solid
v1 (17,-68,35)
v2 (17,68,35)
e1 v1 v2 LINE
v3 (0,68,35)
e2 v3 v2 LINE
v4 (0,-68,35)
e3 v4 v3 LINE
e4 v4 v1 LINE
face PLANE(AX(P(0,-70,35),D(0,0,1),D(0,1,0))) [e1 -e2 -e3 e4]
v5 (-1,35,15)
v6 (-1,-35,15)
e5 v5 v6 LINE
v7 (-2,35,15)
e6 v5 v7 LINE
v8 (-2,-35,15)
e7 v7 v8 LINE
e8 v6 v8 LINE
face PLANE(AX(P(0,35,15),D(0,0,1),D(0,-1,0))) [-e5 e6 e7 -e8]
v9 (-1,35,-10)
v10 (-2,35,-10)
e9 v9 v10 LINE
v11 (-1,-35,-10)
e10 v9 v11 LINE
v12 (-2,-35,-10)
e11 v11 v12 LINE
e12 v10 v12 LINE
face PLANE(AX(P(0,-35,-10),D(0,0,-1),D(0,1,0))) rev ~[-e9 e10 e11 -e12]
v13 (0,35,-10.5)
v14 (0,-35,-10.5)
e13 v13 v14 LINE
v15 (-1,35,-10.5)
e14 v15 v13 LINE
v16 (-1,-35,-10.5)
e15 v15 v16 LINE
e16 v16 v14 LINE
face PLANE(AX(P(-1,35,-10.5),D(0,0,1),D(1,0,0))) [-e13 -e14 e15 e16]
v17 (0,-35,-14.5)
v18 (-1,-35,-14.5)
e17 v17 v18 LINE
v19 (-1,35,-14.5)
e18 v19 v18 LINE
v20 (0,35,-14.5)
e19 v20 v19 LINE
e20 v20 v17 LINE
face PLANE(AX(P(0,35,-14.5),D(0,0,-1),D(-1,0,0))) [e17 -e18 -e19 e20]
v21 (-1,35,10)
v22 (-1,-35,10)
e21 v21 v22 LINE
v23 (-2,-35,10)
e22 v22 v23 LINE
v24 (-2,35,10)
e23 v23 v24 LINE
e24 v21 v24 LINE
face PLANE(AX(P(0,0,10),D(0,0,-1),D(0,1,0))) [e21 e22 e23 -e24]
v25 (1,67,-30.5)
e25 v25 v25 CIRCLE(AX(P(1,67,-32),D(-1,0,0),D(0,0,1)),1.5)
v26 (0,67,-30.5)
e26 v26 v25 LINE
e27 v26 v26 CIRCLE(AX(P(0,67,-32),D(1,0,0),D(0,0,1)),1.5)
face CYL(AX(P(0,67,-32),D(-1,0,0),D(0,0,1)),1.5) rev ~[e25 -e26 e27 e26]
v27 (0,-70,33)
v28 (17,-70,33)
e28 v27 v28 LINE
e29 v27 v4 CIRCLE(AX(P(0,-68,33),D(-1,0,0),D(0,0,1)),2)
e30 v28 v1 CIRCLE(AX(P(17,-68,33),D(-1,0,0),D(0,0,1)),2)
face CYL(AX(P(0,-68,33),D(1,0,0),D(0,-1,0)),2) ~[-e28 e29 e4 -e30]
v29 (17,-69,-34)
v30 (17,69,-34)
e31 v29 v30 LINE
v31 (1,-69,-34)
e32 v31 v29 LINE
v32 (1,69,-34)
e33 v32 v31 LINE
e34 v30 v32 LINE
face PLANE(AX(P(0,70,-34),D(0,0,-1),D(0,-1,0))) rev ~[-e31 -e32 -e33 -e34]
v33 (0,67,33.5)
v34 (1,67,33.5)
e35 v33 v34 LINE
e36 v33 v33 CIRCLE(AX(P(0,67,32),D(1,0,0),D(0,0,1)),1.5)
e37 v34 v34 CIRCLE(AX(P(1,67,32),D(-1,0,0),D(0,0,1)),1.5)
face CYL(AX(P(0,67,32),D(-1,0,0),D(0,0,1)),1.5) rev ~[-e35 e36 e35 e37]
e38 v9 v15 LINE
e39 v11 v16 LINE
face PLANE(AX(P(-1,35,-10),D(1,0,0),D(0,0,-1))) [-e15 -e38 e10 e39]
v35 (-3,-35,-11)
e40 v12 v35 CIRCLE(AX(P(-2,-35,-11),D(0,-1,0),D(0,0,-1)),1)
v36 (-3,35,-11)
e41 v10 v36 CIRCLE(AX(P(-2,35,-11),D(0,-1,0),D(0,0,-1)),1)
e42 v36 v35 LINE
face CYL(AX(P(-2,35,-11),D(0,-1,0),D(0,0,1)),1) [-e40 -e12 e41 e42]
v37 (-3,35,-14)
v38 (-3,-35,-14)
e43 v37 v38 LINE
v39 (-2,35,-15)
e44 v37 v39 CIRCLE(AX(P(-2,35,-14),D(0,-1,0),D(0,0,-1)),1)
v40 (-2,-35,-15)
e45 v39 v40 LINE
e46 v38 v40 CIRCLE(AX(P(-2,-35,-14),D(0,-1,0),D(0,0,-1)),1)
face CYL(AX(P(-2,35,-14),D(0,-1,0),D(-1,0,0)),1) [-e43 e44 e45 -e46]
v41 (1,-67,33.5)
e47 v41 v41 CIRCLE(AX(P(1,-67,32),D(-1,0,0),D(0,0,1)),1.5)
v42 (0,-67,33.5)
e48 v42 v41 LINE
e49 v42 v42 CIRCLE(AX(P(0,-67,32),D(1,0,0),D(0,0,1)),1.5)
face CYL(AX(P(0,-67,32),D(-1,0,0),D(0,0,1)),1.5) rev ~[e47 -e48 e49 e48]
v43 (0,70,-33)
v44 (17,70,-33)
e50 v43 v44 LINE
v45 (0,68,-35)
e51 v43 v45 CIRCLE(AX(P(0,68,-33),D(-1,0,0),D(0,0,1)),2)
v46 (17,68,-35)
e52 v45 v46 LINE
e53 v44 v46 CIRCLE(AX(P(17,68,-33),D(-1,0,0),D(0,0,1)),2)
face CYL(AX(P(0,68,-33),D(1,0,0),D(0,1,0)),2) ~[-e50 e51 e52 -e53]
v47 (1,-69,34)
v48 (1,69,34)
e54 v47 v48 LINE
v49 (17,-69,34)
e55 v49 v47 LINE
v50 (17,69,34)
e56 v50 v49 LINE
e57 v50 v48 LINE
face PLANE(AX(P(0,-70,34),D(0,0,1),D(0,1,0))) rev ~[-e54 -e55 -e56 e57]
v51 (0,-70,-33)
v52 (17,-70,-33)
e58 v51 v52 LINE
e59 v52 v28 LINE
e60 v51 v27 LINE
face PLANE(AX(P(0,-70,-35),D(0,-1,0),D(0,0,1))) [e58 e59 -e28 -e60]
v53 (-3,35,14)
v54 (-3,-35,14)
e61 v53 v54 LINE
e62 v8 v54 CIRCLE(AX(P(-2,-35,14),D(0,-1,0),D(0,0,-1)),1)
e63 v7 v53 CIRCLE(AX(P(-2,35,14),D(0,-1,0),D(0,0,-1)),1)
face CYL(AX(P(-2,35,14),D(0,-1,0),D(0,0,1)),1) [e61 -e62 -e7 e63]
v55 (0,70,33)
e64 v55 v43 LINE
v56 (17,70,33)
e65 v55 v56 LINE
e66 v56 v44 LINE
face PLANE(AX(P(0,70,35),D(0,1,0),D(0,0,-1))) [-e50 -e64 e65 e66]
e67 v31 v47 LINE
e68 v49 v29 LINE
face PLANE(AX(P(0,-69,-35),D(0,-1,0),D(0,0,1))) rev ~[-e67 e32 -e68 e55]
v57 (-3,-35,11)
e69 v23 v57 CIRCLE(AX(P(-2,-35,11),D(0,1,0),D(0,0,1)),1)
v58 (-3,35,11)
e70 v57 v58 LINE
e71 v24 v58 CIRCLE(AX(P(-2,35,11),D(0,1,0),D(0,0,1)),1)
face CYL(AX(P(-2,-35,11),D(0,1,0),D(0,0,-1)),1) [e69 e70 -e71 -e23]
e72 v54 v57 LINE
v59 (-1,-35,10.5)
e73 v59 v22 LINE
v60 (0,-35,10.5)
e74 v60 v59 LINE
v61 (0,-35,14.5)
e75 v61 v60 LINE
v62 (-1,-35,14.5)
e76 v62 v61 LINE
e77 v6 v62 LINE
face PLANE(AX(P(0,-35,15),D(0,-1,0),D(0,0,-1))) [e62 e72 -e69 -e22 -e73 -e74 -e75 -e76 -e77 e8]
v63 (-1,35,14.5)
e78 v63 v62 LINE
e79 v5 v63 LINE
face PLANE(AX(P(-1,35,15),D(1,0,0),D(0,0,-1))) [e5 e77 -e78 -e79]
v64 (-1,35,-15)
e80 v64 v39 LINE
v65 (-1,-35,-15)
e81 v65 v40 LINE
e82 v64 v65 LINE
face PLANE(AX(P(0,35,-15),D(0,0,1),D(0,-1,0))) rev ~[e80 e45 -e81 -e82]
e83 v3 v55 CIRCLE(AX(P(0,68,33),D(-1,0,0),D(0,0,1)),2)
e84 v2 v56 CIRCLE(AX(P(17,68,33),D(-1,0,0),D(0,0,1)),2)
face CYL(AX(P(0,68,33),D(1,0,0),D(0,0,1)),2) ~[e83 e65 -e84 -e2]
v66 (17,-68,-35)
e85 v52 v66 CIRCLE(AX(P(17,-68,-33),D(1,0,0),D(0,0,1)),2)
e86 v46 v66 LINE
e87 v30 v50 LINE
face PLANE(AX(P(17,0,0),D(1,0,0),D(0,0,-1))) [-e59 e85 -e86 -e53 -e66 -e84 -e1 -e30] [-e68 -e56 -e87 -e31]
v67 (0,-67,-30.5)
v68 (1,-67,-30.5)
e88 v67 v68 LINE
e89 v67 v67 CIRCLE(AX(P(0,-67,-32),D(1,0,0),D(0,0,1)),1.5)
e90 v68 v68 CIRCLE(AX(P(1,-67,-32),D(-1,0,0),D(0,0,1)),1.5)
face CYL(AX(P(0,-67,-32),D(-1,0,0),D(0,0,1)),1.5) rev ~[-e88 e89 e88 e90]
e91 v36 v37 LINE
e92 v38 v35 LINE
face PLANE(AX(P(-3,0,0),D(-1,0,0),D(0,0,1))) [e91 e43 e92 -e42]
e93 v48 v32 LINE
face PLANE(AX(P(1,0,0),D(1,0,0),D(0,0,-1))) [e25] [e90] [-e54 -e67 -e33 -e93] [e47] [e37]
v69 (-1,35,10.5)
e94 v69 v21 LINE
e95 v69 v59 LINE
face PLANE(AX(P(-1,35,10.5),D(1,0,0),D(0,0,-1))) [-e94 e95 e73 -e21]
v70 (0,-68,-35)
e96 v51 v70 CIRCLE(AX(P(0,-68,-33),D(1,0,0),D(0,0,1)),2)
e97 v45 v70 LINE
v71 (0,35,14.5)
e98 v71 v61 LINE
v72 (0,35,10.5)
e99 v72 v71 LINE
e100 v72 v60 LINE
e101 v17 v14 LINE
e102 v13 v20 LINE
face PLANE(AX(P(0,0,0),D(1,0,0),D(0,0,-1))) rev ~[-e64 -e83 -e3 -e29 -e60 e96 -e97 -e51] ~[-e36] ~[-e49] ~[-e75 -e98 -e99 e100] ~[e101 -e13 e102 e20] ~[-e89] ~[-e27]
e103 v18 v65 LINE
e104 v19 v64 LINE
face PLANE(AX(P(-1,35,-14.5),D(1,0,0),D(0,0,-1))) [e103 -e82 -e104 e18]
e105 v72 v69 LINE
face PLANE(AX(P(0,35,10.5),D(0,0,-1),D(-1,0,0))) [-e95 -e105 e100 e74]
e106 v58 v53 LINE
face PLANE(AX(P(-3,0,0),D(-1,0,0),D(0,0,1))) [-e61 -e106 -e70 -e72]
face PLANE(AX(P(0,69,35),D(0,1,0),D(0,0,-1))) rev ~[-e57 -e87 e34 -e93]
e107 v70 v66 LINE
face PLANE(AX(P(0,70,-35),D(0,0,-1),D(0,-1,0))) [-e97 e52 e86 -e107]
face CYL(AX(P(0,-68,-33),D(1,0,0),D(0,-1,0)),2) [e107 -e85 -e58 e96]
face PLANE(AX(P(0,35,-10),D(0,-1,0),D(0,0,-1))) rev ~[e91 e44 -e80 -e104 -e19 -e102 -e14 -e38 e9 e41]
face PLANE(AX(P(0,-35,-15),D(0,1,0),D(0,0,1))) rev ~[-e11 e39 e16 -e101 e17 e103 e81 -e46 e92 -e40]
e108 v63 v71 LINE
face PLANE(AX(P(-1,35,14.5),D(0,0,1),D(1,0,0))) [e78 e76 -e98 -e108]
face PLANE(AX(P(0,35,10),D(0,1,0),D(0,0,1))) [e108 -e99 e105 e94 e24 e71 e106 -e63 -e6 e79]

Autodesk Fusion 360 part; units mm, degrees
sketch "Sketch1" plane through (0, 0, 0) normal (1, 0, 0) x (0, 0, -1)
  line L0 (35, -70) -> (-35, -70)
  line L1 (-35, -70) -> (-35, 70)
  line L2 (-35, 70) -> (35, 70)
  line L3 (35, 70) -> (35, -70)
  line L4 (35, -70) -> (-35, 70) construction
  line L5 (-35, -70) -> (35, 70) construction
  dimension "d1" = 70
  dimension "d2" = 140
extrude "Extrude1" add sketch "Sketch1" along normal blind 17
shell "Shell1" thickness 1 removed faces 1 at (17, -23.3333, 11.6667)
fillet "Fillet1" radius 2 1 edges at (8.5, 70, 35)
fillet "Fillet1" radius 2 1 edges at (8.5, 70, -35)
fillet "Fillet1" radius 2 1 edges at (8.5, -70, 35)
fillet "Fillet1" radius 2 1 edges at (8.5, -70, -35)
sketch "Sketch2" plane through (0, 0, 0) normal (-1, 0, 0) x (0, 0, 1)
  arc A0 (-35, -68) -> (-33, -70) centre (-33, -68) ccw
  line L0 (-33, -70) -> (33, -70)
  arc A1 (33, -70) -> (35, -68) centre (33, -68) ccw
  line L1 (35, -68) -> (35, 68)
  arc A2 (35, 68) -> (33, 70) centre (33, 68) ccw
  line L2 (33, 70) -> (-33, 70)
  arc A3 (-33, 70) -> (-35, 68) centre (-33, 68) ccw
  line L3 (-35, 68) -> (-35, -68)
  line L4 (32, 67) -> (-32, 67)
  line L5 (-32, 67) -> (-32, -67)
  line L6 (-32, -67) -> (32, -67)
  line L7 (32, -67) -> (32, 67)
  line L8 (32, 67) -> (-32, -67) construction
  line L9 (-32, 67) -> (32, -67) construction
  circle A4 centre (-32, 67) radius 1.5
  circle A5 centre (32, 67) radius 1.5
  circle A6 centre (32, -67) radius 1.5
  circle A7 centre (-32, -67) radius 1.5
  dimension "d14" = 64
  dimension "d15" = 134
  dimension "d16" = 3
  dimension "d17" = 3
  dimension "d18" = 3
  dimension "d19" = 3
extrude "Extrude2" cut sketch "Sketch2" against normal blind 10 contours L4 L5 A4 | L4 L5 A4 | L4 L7 A5 | L4 L7 A5 | L5 L6 A7 | L5 L6 A7 | L6 L7 A6 | L6 L7 A6
sketch "Sketch3" plane through (0, 0, 0) normal (-1, 0, 0) x (0, 0, 1)
  circle A0 centre (32, -67) radius 1.5
  circle A1 centre (32, 67) radius 1.5
  circle A2 centre (-32, -67) radius 1.5
  circle A3 centre (-32, 67) radius 1.5
  arc A4 (-35, -68) -> (-33, -70) centre (-33, -68) ccw
  line L0 (-33, -70) -> (33, -70)
  arc A5 (33, -70) -> (35, -68) centre (33, -68) ccw
  line L1 (35, -68) -> (35, 68)
  arc A6 (35, 68) -> (33, 70) centre (33, 68) ccw
  line L2 (33, 70) -> (-33, 70)
  arc A7 (-33, 70) -> (-35, 68) centre (-33, 68) ccw
  line L3 (-35, 68) -> (-35, -68)
  line L4 (0, 0) -> (10, 0)
  line L5 (10, 0) -> (-10, 0)
  line L6 (-10, 0) -> (-10, 35)
  line L7 (-10, 35) -> (-15, 35)
  line L8 (-15, 35) -> (-15, -35)
  line L9 (-15, -35) -> (-10, -35)
  line L10 (-10, -35) -> (-10, 0)
  line L11 (10, 0) -> (10, 35)
  line L12 (10, 35) -> (15, 35)
  line L13 (15, 35) -> (15, -35)
  line L14 (15, -35) -> (10, -35)
  line L15 (10, -35) -> (10, 0)
extrude "Extrude3" add sketch "Sketch3" along normal blind 3 contours L11 L12 L13 L14 L15 | L6 L7 L8 L9 L10
fillet "Fillet2" radius 1 1 edges at (-3, 0, 10)
fillet "Fillet2" radius 1 1 edges at (-3, 0, 15)
fillet "Fillet3" radius 1 1 edges at (-3, 0, -10)
fillet "Fillet4" radius 1 1 edges at (-3, 0, -15)
sketch "Sketch4" plane through (0, 35, 0) normal (0, 1, 0) x (-1, 0, 0)
  arc A0 (3, -11) -> (2, -10) centre (2, -11) ccw
  line L0 (2, -10) -> (0, -10)
  line L1 (0, -10) -> (0, -15)
  line L2 (0, -15) -> (2, -15)
  line L3 (0, -10) -> (2, -10)
  line L4 (2, -15) -> (0, -15)
  arc A1 (3, -11) -> (2, -10) centre (2, -11) ccw
  line L5 (0, -10) -> (0.5, -10)
  line L6 (0, -10) -> (0, -10.5)
  line L7 (1, -10.5) -> (0, -10.5)
  line L8 (0, -15) -> (0, -14.5)
  line L9 (0, -14.5) -> (1, -14.5)
  line L10 (0, -15) -> (0, -14.5)
  line L11 (0, -10.5) -> (0, -10)
  line L12 (1, -10) -> (1, -10.5)
  line L13 (1, -14.5) -> (1, -15)
  dimension "d32" = 1
extrude "Extrude4" cut sketch "Sketch4" against normal blind 70
sketch "Sketch5" plane through (0, 35, 0) normal (0, 1, 0) x (-1, 0, 0)
  arc A0 (3, 14) -> (2, 15) centre (2, 14) ccw
  line L0 (2, 15) -> (0, 15)
  line L1 (0, 15) -> (0, 10)
  line L2 (0, 10) -> (2, 10)
  arc A1 (2, 10) -> (3, 11) centre (2, 11) ccw
  line L3 (3, 11) -> (3, 14)
  line L4 (0, 15) -> (1, 15)
  line L5 (1, 15) -> (1, 14.5)
  line L6 (1, 14.5) -> (0, 14.5)
  line L7 (0, 15) -> (0, 14.5)
  line L8 (0, 10) -> (0, 10.5)
  line L9 (1, 10.5) -> (1, 10)
  line L10 (0, 10.5) -> (1, 10.5)
  line L11 (1, 10) -> (0, 10)
extrude "Extrude5" cut sketch "Sketch5" against normal blind 70 contours L0 L1 L4 L5 L6 L7 | L1 L2 L8 L9 L10 L11
